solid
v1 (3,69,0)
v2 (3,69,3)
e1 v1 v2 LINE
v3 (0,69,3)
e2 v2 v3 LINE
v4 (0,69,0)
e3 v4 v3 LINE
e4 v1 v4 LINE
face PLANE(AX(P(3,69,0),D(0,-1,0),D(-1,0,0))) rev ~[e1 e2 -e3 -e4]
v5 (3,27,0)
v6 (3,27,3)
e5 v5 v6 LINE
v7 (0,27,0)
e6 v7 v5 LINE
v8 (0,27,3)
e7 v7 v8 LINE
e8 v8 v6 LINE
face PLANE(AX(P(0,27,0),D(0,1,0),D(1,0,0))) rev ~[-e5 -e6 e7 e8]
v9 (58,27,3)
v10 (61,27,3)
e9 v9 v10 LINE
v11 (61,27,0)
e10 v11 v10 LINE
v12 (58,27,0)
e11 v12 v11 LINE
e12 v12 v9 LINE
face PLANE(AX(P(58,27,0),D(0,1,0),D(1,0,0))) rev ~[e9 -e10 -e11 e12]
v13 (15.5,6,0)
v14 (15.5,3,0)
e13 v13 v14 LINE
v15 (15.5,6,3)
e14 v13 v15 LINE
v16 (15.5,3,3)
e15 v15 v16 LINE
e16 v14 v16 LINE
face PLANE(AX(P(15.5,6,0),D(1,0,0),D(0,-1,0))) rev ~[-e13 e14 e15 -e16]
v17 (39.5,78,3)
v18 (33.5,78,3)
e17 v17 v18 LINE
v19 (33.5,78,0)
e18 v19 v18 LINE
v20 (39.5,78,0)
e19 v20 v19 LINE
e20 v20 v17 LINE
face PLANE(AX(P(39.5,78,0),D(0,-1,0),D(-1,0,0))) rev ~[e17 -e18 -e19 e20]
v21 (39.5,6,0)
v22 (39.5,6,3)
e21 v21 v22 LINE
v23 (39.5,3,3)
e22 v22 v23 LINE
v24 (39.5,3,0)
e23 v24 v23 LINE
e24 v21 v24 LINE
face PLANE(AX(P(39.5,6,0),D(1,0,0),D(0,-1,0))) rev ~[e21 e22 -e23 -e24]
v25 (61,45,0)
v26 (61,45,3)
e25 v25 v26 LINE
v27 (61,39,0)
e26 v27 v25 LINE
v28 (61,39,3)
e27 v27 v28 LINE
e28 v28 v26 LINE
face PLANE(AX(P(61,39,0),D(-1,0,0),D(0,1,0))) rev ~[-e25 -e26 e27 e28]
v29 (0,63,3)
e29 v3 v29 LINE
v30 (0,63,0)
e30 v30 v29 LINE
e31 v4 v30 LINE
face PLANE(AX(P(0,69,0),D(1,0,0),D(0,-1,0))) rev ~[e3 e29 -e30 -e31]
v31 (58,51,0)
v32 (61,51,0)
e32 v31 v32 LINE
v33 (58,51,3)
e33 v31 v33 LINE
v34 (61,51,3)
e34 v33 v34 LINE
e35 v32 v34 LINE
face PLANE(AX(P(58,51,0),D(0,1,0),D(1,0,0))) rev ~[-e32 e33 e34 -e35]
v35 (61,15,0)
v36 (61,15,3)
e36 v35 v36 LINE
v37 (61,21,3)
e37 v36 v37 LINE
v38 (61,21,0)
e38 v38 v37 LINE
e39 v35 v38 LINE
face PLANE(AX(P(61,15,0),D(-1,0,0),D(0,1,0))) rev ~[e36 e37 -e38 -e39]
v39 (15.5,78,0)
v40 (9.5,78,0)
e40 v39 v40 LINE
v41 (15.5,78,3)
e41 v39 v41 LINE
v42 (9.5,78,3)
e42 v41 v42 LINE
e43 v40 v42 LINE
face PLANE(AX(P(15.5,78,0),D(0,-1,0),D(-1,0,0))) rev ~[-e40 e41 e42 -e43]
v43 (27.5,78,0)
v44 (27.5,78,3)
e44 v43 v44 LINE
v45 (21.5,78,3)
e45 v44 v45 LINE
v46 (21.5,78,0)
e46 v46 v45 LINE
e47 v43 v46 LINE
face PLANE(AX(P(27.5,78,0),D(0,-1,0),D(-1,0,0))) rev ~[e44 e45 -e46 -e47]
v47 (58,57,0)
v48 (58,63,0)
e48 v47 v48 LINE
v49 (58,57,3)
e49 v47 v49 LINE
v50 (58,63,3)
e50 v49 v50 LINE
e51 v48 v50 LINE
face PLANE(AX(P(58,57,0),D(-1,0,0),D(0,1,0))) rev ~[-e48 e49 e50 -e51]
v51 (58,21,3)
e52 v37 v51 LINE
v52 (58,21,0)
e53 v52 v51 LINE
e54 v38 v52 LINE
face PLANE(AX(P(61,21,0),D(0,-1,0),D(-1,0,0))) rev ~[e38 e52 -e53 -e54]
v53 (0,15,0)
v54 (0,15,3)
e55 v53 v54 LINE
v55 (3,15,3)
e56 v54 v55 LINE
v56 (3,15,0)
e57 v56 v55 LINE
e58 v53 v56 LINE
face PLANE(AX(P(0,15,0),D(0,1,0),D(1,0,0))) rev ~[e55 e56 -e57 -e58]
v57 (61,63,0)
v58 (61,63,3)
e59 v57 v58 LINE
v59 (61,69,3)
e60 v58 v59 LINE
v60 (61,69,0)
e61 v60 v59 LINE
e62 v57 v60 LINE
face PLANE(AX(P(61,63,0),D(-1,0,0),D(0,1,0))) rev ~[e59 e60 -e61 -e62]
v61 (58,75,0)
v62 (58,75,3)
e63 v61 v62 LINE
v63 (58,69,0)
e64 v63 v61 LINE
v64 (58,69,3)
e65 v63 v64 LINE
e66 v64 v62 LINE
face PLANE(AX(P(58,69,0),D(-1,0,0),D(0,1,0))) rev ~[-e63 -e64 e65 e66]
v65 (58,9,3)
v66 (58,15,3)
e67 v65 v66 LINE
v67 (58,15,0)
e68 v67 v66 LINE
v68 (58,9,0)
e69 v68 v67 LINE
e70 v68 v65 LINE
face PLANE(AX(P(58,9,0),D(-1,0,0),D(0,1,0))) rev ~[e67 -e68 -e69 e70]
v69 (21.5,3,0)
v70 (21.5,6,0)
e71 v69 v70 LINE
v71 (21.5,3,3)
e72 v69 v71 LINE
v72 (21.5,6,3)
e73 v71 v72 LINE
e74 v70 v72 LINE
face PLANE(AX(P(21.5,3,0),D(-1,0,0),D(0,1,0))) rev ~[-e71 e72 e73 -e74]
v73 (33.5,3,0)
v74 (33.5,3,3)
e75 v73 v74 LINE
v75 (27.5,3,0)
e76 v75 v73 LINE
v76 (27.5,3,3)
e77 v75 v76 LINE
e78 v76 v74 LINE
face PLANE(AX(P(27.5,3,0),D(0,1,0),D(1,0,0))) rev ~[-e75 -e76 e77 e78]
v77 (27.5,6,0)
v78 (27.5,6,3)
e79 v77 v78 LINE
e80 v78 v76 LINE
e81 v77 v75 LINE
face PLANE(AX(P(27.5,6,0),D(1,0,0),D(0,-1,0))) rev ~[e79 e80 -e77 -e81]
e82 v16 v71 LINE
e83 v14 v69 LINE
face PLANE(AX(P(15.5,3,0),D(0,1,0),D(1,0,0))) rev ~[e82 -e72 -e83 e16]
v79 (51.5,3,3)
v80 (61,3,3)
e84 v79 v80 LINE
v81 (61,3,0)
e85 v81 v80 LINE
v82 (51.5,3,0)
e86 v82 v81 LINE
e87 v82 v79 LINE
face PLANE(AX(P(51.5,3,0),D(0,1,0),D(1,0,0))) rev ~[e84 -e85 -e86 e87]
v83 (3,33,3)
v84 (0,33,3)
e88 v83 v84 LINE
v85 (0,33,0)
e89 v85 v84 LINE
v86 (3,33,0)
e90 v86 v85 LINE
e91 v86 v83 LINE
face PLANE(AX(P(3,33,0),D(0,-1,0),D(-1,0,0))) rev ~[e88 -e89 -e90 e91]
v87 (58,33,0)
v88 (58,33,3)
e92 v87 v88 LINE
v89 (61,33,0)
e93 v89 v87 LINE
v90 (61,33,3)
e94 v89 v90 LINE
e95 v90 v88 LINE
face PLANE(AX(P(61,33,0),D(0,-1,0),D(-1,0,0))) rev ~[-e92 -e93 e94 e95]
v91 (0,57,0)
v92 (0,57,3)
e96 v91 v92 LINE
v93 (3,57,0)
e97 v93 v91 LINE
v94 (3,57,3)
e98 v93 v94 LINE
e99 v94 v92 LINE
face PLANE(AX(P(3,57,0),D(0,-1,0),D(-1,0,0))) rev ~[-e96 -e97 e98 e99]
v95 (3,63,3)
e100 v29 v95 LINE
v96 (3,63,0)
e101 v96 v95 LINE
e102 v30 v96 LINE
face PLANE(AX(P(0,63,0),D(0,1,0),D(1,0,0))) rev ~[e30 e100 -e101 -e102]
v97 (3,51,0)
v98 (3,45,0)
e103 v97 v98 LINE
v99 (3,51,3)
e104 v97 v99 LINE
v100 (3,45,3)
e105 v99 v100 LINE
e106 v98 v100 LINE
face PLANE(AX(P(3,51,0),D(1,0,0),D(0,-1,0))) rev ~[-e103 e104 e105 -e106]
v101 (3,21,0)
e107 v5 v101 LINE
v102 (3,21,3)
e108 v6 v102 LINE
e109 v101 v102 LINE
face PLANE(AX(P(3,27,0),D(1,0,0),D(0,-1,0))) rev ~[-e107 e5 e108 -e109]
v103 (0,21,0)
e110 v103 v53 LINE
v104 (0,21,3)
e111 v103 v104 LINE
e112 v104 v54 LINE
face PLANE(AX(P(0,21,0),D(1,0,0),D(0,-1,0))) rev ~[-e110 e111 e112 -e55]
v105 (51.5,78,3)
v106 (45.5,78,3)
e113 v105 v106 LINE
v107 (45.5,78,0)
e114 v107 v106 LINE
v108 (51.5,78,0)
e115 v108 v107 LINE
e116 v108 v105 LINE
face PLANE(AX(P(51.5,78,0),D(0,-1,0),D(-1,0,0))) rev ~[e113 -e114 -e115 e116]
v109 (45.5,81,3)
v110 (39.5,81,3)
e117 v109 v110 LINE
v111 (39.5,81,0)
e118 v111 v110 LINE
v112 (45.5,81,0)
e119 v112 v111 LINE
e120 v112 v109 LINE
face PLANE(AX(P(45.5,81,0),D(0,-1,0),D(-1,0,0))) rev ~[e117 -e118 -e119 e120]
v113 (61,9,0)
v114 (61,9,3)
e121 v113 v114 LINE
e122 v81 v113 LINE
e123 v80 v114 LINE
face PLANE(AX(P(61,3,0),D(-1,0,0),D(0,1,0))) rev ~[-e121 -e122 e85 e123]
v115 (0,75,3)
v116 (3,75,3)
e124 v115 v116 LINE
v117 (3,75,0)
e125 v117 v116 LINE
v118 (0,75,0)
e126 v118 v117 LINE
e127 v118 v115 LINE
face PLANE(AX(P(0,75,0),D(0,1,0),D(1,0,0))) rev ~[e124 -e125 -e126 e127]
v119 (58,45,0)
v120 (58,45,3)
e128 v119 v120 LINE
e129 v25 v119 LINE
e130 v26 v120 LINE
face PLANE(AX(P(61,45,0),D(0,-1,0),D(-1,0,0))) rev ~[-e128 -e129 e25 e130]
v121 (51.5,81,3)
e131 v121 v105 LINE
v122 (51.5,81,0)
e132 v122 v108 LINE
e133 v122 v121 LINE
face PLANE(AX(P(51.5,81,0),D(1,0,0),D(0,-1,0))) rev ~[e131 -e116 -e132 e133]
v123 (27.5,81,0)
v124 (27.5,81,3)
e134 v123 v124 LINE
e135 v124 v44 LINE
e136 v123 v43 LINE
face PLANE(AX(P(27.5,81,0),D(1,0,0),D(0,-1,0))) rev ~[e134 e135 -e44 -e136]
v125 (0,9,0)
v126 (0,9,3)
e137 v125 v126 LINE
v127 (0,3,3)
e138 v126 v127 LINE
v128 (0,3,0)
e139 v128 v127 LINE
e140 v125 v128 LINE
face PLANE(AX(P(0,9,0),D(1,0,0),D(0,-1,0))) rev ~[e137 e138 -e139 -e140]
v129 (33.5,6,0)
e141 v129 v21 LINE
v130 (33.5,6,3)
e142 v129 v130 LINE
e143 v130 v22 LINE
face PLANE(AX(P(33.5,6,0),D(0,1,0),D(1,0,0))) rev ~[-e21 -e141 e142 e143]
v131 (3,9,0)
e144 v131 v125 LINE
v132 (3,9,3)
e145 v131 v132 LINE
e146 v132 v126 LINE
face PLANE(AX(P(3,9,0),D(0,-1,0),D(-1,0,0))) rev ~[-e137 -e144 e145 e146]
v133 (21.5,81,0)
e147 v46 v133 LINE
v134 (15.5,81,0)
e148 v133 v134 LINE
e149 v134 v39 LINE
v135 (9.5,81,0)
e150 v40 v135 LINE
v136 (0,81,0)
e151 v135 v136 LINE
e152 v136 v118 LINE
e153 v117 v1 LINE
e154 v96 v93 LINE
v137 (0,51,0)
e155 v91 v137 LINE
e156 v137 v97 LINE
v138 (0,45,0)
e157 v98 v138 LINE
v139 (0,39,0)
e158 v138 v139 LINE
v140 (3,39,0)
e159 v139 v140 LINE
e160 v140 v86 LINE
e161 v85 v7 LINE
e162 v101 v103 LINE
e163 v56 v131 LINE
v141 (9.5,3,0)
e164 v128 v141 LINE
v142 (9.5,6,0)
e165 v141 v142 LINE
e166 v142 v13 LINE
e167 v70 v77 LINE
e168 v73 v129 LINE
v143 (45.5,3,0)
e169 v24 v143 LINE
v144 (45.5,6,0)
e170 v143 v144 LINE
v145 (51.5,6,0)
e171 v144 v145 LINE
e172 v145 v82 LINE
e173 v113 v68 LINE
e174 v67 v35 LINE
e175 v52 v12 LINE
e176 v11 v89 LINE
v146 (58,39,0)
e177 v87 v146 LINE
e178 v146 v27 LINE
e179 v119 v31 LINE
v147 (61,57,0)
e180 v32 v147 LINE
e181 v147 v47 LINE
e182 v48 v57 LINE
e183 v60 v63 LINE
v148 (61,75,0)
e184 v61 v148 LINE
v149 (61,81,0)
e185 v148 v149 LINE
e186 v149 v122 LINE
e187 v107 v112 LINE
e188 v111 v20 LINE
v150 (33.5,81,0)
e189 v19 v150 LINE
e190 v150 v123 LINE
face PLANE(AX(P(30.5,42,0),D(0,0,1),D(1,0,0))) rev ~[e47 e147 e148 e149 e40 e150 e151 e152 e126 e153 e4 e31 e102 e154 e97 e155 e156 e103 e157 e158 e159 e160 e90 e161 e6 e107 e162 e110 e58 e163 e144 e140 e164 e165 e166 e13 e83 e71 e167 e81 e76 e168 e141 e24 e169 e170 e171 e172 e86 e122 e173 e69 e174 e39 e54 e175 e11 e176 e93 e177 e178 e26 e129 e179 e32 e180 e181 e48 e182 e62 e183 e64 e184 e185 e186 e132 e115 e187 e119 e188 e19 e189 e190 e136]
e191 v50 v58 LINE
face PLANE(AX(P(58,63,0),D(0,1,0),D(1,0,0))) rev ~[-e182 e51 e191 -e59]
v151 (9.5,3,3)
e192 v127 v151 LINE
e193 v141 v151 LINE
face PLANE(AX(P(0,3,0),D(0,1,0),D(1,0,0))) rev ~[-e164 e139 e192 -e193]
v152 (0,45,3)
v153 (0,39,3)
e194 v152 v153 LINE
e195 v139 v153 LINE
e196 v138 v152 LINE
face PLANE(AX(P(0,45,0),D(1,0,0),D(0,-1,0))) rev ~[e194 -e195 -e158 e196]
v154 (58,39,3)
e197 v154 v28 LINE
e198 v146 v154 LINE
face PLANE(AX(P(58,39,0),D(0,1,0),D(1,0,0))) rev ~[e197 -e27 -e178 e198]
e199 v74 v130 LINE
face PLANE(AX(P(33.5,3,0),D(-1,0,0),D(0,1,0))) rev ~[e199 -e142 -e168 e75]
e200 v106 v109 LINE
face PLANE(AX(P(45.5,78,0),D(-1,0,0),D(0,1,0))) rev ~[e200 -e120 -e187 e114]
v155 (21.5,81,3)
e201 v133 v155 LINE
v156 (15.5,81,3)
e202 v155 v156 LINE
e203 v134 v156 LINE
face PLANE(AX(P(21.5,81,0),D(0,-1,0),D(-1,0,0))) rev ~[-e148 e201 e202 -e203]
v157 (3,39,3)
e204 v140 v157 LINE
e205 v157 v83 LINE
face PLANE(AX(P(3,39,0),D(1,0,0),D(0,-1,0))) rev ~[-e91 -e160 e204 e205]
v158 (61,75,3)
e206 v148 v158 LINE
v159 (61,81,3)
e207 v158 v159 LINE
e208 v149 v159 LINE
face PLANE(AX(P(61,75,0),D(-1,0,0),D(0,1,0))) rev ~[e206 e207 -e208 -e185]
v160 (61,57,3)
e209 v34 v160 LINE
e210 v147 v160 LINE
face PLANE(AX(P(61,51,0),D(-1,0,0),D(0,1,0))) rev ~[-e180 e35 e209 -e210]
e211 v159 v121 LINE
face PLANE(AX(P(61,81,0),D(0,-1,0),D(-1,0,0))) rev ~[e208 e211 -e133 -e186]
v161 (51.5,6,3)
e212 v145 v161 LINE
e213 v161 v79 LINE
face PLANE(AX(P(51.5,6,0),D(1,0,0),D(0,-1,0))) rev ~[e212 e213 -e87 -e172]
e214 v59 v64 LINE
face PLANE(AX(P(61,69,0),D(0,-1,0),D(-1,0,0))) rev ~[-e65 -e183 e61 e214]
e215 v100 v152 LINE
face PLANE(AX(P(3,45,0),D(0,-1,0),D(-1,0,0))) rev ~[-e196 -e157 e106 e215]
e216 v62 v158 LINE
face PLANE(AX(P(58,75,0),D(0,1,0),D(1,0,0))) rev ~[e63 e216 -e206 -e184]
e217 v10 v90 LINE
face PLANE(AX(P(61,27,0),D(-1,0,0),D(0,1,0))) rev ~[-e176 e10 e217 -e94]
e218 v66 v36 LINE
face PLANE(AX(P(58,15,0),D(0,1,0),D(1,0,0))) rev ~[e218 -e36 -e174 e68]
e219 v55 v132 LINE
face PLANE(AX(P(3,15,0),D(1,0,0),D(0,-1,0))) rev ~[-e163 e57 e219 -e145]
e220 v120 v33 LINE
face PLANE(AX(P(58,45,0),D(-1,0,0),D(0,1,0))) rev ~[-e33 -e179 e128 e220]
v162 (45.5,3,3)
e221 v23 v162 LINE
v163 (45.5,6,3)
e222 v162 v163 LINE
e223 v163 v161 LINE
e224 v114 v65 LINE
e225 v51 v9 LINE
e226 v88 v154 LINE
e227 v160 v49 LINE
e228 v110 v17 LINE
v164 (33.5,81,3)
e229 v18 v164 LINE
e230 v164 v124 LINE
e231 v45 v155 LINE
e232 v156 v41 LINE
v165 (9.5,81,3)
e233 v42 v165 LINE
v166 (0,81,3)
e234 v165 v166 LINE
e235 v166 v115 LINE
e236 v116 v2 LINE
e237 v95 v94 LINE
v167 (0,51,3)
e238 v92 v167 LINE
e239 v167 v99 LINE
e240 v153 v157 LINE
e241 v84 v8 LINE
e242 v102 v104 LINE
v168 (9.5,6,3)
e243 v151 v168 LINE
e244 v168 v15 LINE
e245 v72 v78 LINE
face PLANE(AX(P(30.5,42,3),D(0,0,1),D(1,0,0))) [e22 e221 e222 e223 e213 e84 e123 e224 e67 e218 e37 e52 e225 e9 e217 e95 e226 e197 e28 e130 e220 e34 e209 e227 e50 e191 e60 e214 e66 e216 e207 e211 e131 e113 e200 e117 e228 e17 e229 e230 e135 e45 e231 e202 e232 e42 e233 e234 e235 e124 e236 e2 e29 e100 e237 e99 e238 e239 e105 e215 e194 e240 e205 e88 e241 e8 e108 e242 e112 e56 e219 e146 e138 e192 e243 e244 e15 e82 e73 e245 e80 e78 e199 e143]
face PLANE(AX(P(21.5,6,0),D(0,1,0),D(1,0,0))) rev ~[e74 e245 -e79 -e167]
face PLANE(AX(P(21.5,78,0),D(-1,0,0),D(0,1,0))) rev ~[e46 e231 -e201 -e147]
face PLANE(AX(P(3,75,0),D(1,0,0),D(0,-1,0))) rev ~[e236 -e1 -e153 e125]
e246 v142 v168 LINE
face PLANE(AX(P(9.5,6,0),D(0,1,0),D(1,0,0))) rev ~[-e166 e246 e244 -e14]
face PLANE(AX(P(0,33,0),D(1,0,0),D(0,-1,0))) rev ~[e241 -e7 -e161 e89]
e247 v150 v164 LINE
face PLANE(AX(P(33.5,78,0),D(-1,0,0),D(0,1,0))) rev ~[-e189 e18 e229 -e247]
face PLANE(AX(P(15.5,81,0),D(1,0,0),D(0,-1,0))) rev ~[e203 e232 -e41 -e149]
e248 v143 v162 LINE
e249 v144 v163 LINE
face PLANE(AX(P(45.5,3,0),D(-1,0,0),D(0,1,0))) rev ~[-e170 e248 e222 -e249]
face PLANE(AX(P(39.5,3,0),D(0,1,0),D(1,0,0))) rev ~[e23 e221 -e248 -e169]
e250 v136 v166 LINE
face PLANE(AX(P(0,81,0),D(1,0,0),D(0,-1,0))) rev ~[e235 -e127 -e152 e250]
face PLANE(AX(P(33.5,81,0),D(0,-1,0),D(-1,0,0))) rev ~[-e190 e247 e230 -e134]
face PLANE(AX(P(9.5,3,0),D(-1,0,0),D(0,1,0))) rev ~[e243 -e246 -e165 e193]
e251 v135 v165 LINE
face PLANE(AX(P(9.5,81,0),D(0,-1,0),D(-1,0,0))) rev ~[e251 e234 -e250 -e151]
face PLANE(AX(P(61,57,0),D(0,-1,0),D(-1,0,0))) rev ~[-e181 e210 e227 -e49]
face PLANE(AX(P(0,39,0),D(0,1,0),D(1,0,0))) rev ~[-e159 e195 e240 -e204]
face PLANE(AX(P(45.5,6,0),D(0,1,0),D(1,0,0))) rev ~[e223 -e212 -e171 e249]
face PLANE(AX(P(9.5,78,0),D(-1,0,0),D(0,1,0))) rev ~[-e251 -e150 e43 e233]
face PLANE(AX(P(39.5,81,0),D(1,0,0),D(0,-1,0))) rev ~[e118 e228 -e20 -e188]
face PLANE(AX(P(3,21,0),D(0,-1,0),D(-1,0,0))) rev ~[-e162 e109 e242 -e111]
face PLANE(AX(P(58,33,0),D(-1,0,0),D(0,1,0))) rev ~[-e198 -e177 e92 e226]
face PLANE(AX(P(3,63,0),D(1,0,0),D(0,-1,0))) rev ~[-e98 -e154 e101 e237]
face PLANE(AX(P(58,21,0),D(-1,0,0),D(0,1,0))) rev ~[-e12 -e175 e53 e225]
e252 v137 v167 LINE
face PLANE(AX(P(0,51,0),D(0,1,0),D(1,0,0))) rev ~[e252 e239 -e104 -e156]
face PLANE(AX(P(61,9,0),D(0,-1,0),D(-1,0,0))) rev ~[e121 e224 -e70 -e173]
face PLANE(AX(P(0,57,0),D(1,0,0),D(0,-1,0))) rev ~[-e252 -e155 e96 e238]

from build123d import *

# Parameters (mm, degrees)
EXTRUDE_1_DEPTH = 3


with BuildPart() as part:
    # 草图2 → 凸台-拉伸1 (new body)
    with BuildSketch(Plane.XY):
        Polygon((0, 81), (0, 75), (3, 75), (3, 69), (0, 69), (0, 63), (3, 63), (3, 57), (0, 57), (0, 51), (3, 51), (3, 45), (0, 45), (0, 39), (3, 39), (3, 33), (0, 33), (0, 27), (3, 27), (3, 21), (0, 21), (0, 15), (3, 15), (3, 9), (0, 9), (0, 3), (9.5, 3), (9.5, 6), (15.5, 6), (15.5, 3), (21.5, 3), (21.5, 6), (27.5, 6), (27.5, 3), (33.5, 3), (33.5, 6), (39.5, 6), (39.5, 3), (45.5, 3), (45.5, 6), (51.5, 6), (51.5, 3), (57.5, 3), (61, 3), (61, 9), (58, 9), (58, 15), (61, 15), (61, 21), (58, 21), (58, 27), (61, 27), (61, 33), (58, 33), (58, 39), (61, 39), (61, 45), (58, 45), (58, 51), (61, 51), (61, 57), (58, 57), (58, 63), (61, 63), (61, 69), (58, 69), (58, 75), (61, 75), (61, 81), (51.5, 81), (51.5, 78), (45.5, 78), (45.5, 81), (39.5, 81), (39.5, 78), (33.5, 78), (33.5, 81), (27.5, 81), (27.5, 78), (21.5, 78), (21.5, 81), (15.5, 81), (15.5, 78), (9.5, 78), (9.5, 81), (3.5, 81), align=None)
    extrude(amount=EXTRUDE_1_DEPTH)


solid = part.part
